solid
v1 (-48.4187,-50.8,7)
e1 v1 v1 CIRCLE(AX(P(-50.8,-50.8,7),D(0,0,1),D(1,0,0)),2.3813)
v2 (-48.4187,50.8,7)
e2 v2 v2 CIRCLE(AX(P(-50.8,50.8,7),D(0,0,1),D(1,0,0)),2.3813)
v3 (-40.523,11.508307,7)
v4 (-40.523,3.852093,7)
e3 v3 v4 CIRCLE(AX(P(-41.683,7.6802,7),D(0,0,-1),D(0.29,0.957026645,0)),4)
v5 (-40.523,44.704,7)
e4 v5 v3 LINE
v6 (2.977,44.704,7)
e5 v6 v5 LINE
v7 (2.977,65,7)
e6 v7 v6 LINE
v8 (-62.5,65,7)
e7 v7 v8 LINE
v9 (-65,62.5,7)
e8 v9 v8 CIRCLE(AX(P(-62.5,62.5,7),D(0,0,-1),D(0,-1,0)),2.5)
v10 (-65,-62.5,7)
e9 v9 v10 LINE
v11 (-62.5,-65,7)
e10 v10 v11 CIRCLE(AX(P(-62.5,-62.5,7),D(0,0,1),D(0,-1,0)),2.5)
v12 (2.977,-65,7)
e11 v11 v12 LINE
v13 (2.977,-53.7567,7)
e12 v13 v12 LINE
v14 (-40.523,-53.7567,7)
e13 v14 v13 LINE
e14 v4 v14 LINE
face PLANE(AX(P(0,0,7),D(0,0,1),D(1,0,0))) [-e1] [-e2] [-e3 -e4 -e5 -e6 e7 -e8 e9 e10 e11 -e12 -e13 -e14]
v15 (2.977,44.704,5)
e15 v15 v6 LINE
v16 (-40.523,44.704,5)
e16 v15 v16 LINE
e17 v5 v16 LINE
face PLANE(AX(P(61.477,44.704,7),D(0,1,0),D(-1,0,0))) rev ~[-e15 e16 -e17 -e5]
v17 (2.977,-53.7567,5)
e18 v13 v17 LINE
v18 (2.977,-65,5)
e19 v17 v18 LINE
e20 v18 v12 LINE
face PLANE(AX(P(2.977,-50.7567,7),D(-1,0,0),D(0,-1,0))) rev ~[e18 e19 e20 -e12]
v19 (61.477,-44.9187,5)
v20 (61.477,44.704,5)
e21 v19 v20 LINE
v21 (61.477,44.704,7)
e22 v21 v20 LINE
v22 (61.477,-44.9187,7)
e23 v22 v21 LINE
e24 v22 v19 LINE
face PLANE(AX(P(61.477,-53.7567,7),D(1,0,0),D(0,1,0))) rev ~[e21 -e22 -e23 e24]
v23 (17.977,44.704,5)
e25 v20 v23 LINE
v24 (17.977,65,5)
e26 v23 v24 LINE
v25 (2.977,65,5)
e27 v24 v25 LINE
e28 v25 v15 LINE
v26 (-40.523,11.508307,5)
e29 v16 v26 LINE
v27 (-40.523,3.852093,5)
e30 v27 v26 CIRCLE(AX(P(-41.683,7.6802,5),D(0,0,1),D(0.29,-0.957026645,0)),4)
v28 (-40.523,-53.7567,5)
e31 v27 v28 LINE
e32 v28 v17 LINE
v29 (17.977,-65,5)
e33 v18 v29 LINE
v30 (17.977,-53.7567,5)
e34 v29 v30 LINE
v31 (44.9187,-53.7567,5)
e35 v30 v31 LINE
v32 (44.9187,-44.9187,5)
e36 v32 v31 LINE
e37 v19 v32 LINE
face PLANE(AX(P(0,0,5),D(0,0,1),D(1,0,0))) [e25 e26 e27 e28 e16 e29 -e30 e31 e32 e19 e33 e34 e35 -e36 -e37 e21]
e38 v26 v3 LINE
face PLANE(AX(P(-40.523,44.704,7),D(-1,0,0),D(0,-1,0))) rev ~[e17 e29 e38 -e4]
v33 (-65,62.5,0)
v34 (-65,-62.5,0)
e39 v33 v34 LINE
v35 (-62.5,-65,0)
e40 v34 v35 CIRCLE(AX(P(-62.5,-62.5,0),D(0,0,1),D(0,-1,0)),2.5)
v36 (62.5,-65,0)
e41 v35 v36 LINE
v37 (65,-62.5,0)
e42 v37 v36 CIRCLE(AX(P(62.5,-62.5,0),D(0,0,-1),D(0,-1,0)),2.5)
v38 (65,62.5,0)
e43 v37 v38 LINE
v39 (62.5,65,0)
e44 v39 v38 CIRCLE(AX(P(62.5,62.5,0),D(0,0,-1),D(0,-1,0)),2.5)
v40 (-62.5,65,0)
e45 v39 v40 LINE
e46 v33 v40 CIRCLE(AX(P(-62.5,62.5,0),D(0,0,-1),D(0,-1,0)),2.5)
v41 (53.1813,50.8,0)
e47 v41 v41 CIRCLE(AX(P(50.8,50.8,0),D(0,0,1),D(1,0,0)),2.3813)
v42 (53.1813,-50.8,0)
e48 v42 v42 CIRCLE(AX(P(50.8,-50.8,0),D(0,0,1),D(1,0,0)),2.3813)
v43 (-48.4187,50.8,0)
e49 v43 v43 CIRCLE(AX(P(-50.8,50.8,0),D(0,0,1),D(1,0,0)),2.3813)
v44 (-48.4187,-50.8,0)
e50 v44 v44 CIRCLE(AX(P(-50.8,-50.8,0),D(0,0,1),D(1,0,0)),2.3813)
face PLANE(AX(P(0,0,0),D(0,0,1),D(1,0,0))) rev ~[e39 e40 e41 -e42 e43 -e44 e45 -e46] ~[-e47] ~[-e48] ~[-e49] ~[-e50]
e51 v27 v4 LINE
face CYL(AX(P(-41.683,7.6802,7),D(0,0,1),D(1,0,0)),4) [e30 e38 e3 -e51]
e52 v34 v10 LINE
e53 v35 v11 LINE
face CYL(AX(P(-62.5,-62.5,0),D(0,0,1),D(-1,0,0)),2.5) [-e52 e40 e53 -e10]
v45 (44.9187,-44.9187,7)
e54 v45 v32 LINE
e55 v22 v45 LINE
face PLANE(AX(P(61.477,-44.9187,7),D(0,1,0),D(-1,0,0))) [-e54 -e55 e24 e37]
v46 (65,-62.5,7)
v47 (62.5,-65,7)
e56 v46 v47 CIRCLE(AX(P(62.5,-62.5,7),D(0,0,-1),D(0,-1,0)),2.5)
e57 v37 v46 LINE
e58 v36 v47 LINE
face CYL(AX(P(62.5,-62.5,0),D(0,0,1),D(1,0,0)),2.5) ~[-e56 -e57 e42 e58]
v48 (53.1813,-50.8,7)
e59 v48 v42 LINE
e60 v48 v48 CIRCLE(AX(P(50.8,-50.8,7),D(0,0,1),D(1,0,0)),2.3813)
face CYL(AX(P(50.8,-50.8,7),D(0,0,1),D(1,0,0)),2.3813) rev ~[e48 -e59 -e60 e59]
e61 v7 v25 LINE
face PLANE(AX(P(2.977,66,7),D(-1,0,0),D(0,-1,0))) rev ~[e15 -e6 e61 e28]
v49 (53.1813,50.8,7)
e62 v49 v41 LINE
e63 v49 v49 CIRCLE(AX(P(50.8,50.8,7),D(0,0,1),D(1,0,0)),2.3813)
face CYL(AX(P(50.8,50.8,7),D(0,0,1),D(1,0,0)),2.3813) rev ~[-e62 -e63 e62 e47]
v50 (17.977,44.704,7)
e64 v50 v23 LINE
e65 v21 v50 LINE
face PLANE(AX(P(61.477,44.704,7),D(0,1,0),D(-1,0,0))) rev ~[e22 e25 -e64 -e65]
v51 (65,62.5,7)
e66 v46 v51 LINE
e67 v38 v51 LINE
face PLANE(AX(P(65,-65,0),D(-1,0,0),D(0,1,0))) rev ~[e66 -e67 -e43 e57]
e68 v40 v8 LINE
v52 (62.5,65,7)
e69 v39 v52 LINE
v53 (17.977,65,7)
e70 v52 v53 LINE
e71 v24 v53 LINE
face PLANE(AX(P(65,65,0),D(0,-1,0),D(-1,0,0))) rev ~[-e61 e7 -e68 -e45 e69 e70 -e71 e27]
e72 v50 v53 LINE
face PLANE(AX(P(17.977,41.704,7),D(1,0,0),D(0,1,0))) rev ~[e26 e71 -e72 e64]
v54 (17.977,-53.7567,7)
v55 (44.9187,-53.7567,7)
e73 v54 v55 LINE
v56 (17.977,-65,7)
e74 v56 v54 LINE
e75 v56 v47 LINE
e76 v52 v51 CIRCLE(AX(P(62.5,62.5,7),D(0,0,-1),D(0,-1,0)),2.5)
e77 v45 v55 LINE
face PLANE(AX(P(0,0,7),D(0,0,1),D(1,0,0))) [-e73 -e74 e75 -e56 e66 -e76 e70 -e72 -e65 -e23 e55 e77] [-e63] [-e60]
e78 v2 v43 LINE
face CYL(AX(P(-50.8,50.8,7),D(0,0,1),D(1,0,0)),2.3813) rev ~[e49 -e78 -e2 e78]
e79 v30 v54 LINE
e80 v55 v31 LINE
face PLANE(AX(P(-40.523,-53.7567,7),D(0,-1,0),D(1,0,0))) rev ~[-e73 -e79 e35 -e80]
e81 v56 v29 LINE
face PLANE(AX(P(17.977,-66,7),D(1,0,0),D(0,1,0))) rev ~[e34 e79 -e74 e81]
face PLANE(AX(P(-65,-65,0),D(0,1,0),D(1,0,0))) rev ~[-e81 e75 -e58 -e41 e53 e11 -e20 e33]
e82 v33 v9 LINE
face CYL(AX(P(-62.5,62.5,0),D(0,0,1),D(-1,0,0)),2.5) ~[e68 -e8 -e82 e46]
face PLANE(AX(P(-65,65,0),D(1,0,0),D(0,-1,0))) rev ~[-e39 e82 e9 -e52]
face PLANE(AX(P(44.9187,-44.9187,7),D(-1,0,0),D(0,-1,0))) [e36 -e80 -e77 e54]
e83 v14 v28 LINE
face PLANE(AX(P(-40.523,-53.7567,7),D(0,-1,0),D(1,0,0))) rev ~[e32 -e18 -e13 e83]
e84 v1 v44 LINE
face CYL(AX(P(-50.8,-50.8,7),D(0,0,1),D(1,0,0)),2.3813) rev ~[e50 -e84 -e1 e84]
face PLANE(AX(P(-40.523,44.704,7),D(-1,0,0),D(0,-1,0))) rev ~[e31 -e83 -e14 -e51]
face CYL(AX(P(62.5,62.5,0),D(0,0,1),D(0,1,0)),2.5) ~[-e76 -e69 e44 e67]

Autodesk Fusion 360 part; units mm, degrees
ref_plane "WorkPlane1" through (0, 0, 7) normal (0, 0, 1) x (1, 0, 0)
sketch "Square Base Plate Sketch" plane through (0, 0, 0) normal (0, 0, 1) x (1, 0, 0)
  line L0 (-65, -65) -> (65, -65)
  line L1 (65, -65) -> (65, 65)
  line L2 (65, 65) -> (-65, 65)
  line L3 (-65, 65) -> (-65, -65)
extrude "Square Base Plate" add sketch "Square Base Plate Sketch" along normal blind 7
fillet "Fillet1" radius 2.5 4 edges at (-65, 65, 3.5) (65, 65, 3.5) (65, -65, 3.5) (-65, -65, 3.5)
sketch "Wafer Nest Pocket Sketch" plane through (0, 0, 7) normal (0, 0, 1) x (1, 0, 0)
  line L0 (-40.523, -53.7567) -> (61.477, -53.7567)
  line L1 (61.477, -53.7567) -> (61.477, 44.704)
  line L2 (61.477, 44.704) -> (-40.523, 44.704)
  line L3 (-40.523, 44.704) -> (-40.523, -53.7567)
extrude "Wafer Nest Pocket" cut sketch "Wafer Nest Pocket Sketch" against normal blind 2
sketch "Front-Center Access Relief Sketch" plane through (0, 0, 7) normal (0, 0, 1) x (1, 0, 0)
  line L0 (2.977, -66) -> (17.977, -66)
  line L1 (17.977, -66) -> (17.977, -50.7567)
  line L2 (17.977, -50.7567) -> (2.977, -50.7567)
  line L3 (2.977, -50.7567) -> (2.977, -66)
extrude "Front-Center Access Relief" cut sketch "Front-Center Access Relief Sketch" against normal blind 2
sketch "Rear-Center Access Relief Sketch" plane through (0, 0, 7) normal (0, 0, 1) x (1, 0, 0)
  line L0 (2.977, 41.704) -> (17.977, 41.704)
  line L1 (17.977, 41.704) -> (17.977, 66)
  line L2 (17.977, 66) -> (2.977, 66)
  line L3 (2.977, 66) -> (2.977, 41.704)
extrude "Rear-Center Access Relief" cut sketch "Rear-Center Access Relief Sketch" against normal blind 2
sketch "X Datum Bump Sketch (165 deg / 9:30)" plane through (0, 0, 7) normal (0, 0, 1) x (1, 0, 0)
  circle A0 centre (-41.683, 7.6802) radius 4
extrude "X Datum Bump (165 deg / 9:30)" add sketch "X Datum Bump Sketch (165 deg / 9:30)" against normal blind 2
sketch "Front-Right Corner Clip (dowel) Sketch" plane through (0, 0, 7) normal (0, 0, 1) x (1, 0, 0)
  line L0 (44.9187, -53.7567) -> (61.477, -53.7567)
  line L1 (61.477, -53.7567) -> (61.477, -44.9187)
  line L2 (61.477, -44.9187) -> (44.9187, -44.9187)
  line L3 (44.9187, -44.9187) -> (44.9187, -53.7567)
extrude "Front-Right Corner Clip (dowel)" add sketch "Front-Right Corner Clip (dowel) Sketch" against normal blind 2
sketch "Outer Front Left Dowel Bore Sketch" plane through (0, 0, 7) normal (0, 0, 1) x (1, 0, 0)
  circle A0 centre (-50.8, -50.8) radius 2.3813
extrude "Outer Front Left Dowel Bore" cut sketch "Outer Front Left Dowel Bore Sketch" against normal blind 7
sketch "Outer Front Right Dowel Bore Sketch" plane through (0, 0, 7) normal (0, 0, 1) x (1, 0, 0)
  circle A0 centre (50.8, -50.8) radius 2.3813
extrude "Outer Front Right Dowel Bore" cut sketch "Outer Front Right Dowel Bore Sketch" against normal blind 7
sketch "Outer Rear Left Dowel Bore Sketch" plane through (0, 0, 7) normal (0, 0, 1) x (1, 0, 0)
  circle A0 centre (-50.8, 50.8) radius 2.3813
extrude "Outer Rear Left Dowel Bore" cut sketch "Outer Rear Left Dowel Bore Sketch" against normal blind 7
sketch "Outer Rear Right Dowel Bore Sketch" plane through (0, 0, 7) normal (0, 0, 1) x (1, 0, 0)
  circle A0 centre (50.8, 50.8) radius 2.3813
extrude "Outer Rear Right Dowel Bore" cut sketch "Outer Rear Right Dowel Bore Sketch" against normal blind 7
equation "gridPitch = 25.4 mm" comment "Table hole-grid pitch"
equation "indexMove = 50.8 mm" comment "Two-grid-space indexing move"
equation "outerPinPatternSpan = 101.6 mm" comment "Four-space outer pin span"
equation "dowelDiameter = 4.7625 mm" comment "3/16 in steel locating dowel diameter"
equation "dowelHoleDiameter = 4.7625 mm" comment "3/16 in reamed dowel bore"
equation "basePlateSize = 130.0 mm" comment "Square base plate side length"
equation "baseThickness = 7.0 mm" comment "Base plate thickness"
equation "pocketDepth = 2.0 mm" comment "Wafer-nest pocket depth"
equation "nestClearance = 1.0 mm" comment "Loose gap at left/right/rear pocket walls"
equation "filletRadius = 2.5 mm" comment "Base-plate corner fillet radius"
equation "primaryFlatClearance = 0.175 mm" comment "Front wall forward of nominal flat"
equation "xBumpDiameter = 8.0 mm" comment "X-datum bump diameter"
equation "nestReliefWidth = 15.0 mm" comment "Front/rear access relief width"
equation "nestOffsetX = 7.29 mm" comment "Nest X from pin-square center"
equation "nestOffsetY = -4.95 mm" comment "Nest Y from pin-square center"
